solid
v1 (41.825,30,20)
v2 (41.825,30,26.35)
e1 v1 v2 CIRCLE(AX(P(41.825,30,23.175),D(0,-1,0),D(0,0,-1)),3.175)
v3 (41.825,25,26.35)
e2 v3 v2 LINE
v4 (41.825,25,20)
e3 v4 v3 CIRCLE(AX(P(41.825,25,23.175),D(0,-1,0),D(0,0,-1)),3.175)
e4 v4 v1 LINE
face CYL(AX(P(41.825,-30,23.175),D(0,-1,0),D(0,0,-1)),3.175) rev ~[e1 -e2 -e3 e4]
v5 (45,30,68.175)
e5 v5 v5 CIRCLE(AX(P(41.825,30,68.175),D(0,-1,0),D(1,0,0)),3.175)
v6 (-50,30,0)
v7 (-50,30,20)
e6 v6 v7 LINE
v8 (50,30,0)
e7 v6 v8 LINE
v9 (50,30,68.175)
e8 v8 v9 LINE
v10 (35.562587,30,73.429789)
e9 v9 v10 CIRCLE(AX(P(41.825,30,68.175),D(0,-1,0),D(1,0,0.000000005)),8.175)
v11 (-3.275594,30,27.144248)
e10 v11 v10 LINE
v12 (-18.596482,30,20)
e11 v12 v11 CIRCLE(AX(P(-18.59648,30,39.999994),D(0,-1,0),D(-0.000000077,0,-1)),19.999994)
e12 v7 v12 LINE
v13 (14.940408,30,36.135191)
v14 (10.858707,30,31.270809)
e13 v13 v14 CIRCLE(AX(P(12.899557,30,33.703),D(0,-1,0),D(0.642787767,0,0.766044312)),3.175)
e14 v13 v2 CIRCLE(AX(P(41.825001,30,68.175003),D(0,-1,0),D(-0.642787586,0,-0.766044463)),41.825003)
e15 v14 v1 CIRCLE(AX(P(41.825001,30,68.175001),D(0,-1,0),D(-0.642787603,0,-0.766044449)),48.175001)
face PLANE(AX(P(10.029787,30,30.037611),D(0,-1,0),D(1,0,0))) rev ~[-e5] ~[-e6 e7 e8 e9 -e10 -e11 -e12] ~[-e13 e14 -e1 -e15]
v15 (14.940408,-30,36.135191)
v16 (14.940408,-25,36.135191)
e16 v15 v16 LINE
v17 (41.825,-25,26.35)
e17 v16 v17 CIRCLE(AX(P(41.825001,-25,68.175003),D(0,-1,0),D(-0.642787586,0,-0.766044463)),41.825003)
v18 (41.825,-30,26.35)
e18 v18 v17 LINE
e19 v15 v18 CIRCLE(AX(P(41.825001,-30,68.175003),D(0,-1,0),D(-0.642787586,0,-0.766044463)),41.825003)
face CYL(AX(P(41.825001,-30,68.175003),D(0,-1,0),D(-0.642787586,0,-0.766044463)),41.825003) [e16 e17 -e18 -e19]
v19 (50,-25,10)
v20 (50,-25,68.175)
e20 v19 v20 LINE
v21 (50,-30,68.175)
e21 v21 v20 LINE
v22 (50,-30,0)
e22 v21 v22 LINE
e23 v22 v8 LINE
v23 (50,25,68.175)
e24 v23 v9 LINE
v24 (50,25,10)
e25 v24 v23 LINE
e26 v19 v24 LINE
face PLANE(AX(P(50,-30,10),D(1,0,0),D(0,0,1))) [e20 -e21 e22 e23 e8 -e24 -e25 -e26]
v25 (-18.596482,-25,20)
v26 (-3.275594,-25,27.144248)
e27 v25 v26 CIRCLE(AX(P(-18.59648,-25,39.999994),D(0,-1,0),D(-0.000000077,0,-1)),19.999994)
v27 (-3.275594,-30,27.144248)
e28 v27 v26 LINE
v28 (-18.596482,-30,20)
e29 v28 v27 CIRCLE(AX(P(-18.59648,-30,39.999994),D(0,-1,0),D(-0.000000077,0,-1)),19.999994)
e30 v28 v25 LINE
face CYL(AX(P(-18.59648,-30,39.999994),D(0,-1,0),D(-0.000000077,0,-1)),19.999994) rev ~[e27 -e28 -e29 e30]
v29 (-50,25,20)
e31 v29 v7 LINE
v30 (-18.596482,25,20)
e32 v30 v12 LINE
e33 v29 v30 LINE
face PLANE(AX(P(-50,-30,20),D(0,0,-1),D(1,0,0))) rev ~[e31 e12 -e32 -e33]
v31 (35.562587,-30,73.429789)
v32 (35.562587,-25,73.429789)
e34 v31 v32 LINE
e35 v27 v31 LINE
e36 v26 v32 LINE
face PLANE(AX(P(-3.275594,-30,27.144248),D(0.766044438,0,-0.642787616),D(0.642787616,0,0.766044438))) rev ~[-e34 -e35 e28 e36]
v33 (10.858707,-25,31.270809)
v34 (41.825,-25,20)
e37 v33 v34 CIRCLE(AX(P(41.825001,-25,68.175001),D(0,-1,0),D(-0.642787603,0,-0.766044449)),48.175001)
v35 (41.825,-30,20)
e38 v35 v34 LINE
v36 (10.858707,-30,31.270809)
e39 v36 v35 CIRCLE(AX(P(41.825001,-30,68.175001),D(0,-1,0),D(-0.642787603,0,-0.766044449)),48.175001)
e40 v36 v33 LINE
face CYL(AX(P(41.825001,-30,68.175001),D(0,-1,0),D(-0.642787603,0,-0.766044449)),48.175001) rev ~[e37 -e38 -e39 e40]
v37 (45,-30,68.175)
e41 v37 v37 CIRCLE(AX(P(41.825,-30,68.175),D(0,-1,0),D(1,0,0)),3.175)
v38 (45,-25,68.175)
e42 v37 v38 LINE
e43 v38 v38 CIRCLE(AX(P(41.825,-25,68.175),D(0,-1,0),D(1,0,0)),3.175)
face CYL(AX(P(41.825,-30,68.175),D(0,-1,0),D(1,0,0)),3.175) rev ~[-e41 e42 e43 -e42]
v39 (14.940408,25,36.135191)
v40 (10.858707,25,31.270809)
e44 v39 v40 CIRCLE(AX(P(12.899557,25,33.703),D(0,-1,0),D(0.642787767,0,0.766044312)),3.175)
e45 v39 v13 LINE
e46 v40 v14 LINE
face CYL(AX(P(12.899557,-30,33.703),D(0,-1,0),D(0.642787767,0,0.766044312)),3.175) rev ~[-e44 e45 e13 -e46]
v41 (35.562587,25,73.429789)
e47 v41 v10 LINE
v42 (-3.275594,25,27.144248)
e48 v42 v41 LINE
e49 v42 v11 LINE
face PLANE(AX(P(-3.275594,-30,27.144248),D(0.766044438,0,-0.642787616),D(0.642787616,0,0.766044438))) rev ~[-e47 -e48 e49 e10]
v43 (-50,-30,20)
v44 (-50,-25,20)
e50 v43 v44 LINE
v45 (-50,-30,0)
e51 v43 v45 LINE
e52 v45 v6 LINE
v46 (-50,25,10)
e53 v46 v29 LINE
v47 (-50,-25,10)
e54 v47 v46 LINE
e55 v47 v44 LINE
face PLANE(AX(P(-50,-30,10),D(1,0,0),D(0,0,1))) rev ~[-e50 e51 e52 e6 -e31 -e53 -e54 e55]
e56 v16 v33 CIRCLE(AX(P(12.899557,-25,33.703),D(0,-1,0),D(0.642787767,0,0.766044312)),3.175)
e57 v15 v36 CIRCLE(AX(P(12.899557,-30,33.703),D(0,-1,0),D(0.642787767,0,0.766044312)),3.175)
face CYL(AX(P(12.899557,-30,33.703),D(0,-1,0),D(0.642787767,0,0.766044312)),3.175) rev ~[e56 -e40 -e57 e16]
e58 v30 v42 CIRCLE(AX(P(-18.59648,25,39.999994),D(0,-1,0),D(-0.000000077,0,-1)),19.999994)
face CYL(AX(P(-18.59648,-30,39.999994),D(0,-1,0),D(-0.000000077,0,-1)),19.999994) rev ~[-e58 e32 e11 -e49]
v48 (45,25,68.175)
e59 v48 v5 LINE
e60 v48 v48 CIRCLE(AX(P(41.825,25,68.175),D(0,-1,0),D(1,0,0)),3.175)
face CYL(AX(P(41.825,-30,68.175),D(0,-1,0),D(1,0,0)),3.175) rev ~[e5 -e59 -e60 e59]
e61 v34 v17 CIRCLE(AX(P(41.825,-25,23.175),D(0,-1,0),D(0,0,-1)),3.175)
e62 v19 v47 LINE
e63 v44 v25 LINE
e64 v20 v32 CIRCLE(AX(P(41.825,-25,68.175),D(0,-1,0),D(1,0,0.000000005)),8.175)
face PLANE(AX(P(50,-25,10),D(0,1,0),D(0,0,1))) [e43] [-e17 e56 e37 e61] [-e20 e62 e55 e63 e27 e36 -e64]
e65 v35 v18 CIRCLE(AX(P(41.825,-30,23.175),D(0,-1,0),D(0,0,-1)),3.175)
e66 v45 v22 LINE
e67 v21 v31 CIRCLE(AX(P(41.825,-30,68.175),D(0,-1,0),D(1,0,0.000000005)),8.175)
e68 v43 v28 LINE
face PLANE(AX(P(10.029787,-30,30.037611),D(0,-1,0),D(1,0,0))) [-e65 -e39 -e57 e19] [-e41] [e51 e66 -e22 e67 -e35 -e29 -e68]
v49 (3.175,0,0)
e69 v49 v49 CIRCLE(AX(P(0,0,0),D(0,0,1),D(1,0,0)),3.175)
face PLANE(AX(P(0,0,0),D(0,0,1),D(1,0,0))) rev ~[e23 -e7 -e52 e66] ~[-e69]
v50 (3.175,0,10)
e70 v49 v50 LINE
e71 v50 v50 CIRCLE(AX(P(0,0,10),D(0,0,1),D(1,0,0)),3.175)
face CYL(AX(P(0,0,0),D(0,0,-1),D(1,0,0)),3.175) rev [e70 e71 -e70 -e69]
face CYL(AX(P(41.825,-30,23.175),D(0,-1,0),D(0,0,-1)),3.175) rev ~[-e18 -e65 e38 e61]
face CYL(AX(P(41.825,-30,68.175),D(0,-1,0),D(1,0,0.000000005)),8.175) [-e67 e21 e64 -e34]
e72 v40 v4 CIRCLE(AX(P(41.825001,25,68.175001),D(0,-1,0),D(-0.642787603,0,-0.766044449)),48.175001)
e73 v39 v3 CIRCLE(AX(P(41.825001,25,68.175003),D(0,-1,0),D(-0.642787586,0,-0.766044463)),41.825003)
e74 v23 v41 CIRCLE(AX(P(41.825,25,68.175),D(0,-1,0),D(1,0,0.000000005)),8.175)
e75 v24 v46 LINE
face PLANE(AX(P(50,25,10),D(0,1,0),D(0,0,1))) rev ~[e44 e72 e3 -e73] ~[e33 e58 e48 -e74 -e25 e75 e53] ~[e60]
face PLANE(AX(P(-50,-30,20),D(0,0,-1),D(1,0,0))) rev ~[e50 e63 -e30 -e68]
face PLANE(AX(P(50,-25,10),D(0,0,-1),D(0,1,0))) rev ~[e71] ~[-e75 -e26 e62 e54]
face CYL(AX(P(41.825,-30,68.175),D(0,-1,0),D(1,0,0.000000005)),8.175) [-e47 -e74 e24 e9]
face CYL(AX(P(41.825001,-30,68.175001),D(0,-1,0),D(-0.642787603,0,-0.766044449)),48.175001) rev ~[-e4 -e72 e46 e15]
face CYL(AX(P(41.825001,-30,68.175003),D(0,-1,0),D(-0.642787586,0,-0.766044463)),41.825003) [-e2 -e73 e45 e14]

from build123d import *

# Parameters (mm, degrees)
SKETCH002_W  = 100
SKETCH002_H  = 60
SKETCH002_R  = 3.175
PAD002_DEPTH = 10
SKETCH003_R  = 3.175
PAD003_DEPTH = 60
SKETCH004_W  = 50
SKETCH004_H  = 66.35
POCKET_DEPTH = 100.001


with BuildPart() as part:
    # Sketch002 → Pad002 (new body)
    with BuildSketch(Plane.XY):
        Rectangle(SKETCH002_W, SKETCH002_H)
        Circle(SKETCH002_R, mode=Mode.SUBTRACT)
    extrude(amount=PAD002_DEPTH)

    # Sketch003 (on Face1 of Pad002) → Pad003 (join)
    with BuildSketch(Plane.XZ.offset(30)):
        with BuildLine():
            ThreePointArc((50, 68.175), (44.621015, 75.856987), (35.562587, 73.429789))
            Line((-3.275594, 27.144248), (35.562587, 73.429789))
            ThreePointArc((-18.596482, 20), (-10.144117, 21.873844), (-3.275594, 27.144248))
            Line((-50, 20), (-18.596482, 20))
            Line((-50, 10), (-50, 20))
            Line((-50, 10), (50, 10))
            Line((50, 10), (50, 68.175))
        make_face()
        with Locations((41.825, 68.175)):
            Circle(SKETCH003_R, mode=Mode.SUBTRACT)
        with BuildLine():
            ThreePointArc((10.858707, 31.270809), (25.34818, 22.905308), (41.825, 20))
            ThreePointArc((41.825, 20), (45, 23.175), (41.825, 26.35))
            ThreePointArc((14.940408, 36.135191), (27.520008, 28.872356), (41.825, 26.35))
            ThreePointArc((14.940408, 36.135191), (10.467366, 35.743851), (10.858707, 31.270809))
        make_face(mode=Mode.SUBTRACT)
    extrude(amount=-PAD003_DEPTH)

    # Sketch004 (on Face15 of Pad003) → Pocket (cut, through all)
    with BuildSketch(Plane.YZ.offset(50)):
        with Locations((0, 43.175)):
            Rectangle(SKETCH004_W, SKETCH004_H)
    extrude(amount=-POCKET_DEPTH, mode=Mode.SUBTRACT)


solid = part.part
